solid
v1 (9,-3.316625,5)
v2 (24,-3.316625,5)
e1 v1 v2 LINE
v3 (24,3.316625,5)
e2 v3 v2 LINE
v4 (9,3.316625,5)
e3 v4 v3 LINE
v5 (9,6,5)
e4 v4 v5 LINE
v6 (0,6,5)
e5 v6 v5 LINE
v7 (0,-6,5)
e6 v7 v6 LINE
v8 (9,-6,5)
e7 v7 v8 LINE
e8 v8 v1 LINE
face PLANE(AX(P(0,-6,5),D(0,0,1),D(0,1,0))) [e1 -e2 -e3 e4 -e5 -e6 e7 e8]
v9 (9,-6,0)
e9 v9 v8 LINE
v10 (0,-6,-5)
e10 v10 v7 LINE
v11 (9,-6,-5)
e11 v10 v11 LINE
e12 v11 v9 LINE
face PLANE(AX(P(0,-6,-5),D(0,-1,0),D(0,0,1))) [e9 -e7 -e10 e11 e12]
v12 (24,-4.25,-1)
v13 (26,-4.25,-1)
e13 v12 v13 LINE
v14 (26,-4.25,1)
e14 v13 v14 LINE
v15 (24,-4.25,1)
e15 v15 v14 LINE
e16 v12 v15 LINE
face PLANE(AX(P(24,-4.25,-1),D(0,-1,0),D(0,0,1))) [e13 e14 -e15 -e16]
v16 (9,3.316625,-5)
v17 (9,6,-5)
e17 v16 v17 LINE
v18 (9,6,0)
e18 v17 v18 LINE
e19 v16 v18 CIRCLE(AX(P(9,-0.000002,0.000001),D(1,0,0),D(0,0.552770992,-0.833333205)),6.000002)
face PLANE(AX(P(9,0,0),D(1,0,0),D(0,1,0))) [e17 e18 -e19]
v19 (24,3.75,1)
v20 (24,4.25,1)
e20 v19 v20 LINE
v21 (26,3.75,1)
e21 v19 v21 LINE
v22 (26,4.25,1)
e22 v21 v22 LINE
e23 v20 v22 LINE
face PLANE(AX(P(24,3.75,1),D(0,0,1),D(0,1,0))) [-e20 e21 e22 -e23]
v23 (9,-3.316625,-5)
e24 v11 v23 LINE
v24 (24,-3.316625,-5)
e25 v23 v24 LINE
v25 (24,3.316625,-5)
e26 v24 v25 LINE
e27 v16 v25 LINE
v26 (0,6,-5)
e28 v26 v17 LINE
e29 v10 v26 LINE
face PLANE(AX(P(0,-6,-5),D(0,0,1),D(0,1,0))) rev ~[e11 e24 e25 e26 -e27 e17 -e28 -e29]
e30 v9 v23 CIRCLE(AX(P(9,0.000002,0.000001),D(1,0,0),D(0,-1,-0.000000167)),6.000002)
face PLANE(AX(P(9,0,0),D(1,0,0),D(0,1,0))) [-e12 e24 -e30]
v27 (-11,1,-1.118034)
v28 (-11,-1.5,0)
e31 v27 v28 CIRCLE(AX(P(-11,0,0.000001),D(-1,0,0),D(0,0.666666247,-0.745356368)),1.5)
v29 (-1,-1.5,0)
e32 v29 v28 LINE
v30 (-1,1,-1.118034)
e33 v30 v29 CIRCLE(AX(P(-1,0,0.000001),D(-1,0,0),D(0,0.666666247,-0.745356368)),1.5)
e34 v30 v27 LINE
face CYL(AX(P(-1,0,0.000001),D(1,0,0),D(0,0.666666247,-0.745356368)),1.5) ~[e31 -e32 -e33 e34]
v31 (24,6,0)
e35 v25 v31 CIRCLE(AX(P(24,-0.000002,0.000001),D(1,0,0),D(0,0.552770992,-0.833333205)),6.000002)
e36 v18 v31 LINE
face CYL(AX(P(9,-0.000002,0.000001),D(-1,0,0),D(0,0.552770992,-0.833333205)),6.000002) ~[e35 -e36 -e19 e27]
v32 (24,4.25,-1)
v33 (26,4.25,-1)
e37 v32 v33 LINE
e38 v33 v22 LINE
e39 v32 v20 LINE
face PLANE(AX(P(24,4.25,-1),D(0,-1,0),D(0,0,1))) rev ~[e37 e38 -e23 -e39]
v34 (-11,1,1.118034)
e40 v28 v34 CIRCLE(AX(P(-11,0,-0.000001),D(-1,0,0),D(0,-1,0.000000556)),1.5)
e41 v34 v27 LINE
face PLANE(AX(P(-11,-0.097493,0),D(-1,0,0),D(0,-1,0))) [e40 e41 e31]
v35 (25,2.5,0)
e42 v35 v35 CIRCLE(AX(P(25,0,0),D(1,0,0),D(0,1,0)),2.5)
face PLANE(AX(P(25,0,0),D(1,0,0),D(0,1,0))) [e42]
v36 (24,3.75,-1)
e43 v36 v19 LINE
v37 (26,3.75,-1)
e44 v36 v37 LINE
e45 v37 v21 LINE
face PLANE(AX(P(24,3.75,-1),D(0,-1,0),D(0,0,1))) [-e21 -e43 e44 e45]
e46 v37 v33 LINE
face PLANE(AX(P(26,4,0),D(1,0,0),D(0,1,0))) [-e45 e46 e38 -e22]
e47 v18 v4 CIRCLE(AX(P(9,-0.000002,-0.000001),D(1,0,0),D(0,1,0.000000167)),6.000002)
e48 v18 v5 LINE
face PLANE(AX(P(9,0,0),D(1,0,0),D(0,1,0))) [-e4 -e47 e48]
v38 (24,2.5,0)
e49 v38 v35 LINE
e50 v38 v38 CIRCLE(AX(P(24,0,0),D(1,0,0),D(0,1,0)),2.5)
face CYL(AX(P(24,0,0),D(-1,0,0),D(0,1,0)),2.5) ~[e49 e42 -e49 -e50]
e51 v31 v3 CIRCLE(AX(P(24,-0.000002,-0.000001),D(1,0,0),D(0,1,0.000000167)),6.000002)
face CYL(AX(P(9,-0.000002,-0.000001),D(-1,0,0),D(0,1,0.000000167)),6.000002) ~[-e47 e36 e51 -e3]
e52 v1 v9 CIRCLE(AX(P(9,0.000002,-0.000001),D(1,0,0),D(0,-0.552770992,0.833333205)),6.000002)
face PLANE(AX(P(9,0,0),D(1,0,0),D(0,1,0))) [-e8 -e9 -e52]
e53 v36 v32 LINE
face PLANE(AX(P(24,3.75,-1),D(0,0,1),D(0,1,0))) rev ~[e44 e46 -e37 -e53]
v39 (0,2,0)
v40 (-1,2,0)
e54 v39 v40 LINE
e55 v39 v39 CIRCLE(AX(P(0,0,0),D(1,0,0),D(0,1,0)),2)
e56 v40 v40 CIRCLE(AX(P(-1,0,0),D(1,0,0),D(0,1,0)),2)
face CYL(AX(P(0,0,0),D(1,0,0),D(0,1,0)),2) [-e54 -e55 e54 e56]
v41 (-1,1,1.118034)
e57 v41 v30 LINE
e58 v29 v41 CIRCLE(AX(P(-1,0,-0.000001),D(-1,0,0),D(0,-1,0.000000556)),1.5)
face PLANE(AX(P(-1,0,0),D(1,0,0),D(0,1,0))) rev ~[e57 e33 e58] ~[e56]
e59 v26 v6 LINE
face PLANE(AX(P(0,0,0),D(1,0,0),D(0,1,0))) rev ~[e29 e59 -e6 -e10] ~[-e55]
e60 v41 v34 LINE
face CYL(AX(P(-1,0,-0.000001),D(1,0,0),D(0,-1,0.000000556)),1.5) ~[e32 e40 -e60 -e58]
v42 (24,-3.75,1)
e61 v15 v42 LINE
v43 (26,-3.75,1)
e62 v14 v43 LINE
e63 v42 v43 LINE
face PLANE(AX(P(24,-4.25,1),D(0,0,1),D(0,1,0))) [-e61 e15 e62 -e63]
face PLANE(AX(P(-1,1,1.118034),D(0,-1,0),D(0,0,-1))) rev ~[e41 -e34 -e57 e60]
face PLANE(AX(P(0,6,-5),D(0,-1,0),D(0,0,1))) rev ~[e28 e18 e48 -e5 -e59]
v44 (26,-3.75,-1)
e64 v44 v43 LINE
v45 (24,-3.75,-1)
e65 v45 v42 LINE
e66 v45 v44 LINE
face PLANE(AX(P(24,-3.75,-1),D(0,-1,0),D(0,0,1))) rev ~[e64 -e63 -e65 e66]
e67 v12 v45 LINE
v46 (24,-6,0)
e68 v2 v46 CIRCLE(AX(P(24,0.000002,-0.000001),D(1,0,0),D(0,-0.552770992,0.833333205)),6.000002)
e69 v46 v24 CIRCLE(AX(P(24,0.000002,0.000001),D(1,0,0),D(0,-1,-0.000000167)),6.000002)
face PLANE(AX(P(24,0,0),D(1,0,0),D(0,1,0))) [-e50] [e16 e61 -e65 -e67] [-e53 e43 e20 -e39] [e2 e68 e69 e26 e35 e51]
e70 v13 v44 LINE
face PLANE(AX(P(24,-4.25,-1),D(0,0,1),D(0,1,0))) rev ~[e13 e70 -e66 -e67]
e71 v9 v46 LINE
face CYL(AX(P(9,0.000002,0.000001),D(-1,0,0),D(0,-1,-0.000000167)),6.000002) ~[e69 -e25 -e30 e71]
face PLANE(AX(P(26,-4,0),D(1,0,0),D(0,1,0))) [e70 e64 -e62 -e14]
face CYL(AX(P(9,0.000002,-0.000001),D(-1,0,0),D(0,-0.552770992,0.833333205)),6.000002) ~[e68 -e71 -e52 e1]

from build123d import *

# Parameters (mm, degrees)
F0_W     = 12
F0_H     = 10
F0_R     = 2
F1_DEPTH = 9
F2_DEPTH = 1
F4_DEPTH = 10
F6_DEPTH = 15
F7_R     = 2.5
F8_DEPTH = 1
F7_W     = 0.5
F7_H     = 2
F9_DEPTH = 2


with BuildPart() as f1:
    # F0 (on Right) → F1 (new body)
    with BuildSketch(Plane.YZ):
        Rectangle(F0_W, F0_H)
        Circle(F0_R, mode=Mode.SUBTRACT)
        Circle(F0_R)
    extrude(amount=F1_DEPTH)

    # F0 (on Right) → F2 (join)
    with BuildSketch(Plane.YZ):
        Circle(F0_R)
    extrude(amount=-F2_DEPTH)

    # F3 (on face) → F4 (join)
    with BuildSketch(Plane(origin=(-1, 0, 0), x_dir=(0, -1, 0), z_dir=(-1, 0, 0))):
        with BuildLine():
            ThreePointArc((-1, -1.118034), (0.612372, -1.369306), (1.5, 0))
            ThreePointArc((1.5, 0), (0.612372, 1.369306), (-1, 1.118034))
            Line((-1, 1.118034), (-1, -1.118034))
        make_face()
    extrude(amount=F4_DEPTH)

    # F5 (on face) → F6 (join)
    with BuildSketch(Plane.YZ.offset(9)):
        with BuildLine():
            Line((3.316625, 5), (-3.316625, 5))
            ThreePointArc((-3.316625, 5), (-5.286764, 2.837274), (-6, 0))
            ThreePointArc((-6, 0), (-5.286764, -2.837274), (-3.316625, -5))
            Line((-3.316625, -5), (3.316625, -5))
            ThreePointArc((3.316625, -5), (5.286764, -2.837274), (6, 0))
            ThreePointArc((6, 0), (5.286764, 2.837274), (3.316625, 5))
        make_face()
    extrude(amount=F6_DEPTH)

    # F7 (on face) → F8 (join)
    with BuildSketch(Plane.YZ.offset(24)):
        Circle(F7_R)
    extrude(amount=F8_DEPTH)

    # F7 (on face) → F9 (join)
    with BuildSketch(Plane.YZ.offset(24)):
        with Locations((-4, 0)):
            Rectangle(F7_W, F7_H)
        with Locations((4, 0)):
            Rectangle(F7_W, F7_H)
    extrude(amount=F9_DEPTH)


solid = f1.part
